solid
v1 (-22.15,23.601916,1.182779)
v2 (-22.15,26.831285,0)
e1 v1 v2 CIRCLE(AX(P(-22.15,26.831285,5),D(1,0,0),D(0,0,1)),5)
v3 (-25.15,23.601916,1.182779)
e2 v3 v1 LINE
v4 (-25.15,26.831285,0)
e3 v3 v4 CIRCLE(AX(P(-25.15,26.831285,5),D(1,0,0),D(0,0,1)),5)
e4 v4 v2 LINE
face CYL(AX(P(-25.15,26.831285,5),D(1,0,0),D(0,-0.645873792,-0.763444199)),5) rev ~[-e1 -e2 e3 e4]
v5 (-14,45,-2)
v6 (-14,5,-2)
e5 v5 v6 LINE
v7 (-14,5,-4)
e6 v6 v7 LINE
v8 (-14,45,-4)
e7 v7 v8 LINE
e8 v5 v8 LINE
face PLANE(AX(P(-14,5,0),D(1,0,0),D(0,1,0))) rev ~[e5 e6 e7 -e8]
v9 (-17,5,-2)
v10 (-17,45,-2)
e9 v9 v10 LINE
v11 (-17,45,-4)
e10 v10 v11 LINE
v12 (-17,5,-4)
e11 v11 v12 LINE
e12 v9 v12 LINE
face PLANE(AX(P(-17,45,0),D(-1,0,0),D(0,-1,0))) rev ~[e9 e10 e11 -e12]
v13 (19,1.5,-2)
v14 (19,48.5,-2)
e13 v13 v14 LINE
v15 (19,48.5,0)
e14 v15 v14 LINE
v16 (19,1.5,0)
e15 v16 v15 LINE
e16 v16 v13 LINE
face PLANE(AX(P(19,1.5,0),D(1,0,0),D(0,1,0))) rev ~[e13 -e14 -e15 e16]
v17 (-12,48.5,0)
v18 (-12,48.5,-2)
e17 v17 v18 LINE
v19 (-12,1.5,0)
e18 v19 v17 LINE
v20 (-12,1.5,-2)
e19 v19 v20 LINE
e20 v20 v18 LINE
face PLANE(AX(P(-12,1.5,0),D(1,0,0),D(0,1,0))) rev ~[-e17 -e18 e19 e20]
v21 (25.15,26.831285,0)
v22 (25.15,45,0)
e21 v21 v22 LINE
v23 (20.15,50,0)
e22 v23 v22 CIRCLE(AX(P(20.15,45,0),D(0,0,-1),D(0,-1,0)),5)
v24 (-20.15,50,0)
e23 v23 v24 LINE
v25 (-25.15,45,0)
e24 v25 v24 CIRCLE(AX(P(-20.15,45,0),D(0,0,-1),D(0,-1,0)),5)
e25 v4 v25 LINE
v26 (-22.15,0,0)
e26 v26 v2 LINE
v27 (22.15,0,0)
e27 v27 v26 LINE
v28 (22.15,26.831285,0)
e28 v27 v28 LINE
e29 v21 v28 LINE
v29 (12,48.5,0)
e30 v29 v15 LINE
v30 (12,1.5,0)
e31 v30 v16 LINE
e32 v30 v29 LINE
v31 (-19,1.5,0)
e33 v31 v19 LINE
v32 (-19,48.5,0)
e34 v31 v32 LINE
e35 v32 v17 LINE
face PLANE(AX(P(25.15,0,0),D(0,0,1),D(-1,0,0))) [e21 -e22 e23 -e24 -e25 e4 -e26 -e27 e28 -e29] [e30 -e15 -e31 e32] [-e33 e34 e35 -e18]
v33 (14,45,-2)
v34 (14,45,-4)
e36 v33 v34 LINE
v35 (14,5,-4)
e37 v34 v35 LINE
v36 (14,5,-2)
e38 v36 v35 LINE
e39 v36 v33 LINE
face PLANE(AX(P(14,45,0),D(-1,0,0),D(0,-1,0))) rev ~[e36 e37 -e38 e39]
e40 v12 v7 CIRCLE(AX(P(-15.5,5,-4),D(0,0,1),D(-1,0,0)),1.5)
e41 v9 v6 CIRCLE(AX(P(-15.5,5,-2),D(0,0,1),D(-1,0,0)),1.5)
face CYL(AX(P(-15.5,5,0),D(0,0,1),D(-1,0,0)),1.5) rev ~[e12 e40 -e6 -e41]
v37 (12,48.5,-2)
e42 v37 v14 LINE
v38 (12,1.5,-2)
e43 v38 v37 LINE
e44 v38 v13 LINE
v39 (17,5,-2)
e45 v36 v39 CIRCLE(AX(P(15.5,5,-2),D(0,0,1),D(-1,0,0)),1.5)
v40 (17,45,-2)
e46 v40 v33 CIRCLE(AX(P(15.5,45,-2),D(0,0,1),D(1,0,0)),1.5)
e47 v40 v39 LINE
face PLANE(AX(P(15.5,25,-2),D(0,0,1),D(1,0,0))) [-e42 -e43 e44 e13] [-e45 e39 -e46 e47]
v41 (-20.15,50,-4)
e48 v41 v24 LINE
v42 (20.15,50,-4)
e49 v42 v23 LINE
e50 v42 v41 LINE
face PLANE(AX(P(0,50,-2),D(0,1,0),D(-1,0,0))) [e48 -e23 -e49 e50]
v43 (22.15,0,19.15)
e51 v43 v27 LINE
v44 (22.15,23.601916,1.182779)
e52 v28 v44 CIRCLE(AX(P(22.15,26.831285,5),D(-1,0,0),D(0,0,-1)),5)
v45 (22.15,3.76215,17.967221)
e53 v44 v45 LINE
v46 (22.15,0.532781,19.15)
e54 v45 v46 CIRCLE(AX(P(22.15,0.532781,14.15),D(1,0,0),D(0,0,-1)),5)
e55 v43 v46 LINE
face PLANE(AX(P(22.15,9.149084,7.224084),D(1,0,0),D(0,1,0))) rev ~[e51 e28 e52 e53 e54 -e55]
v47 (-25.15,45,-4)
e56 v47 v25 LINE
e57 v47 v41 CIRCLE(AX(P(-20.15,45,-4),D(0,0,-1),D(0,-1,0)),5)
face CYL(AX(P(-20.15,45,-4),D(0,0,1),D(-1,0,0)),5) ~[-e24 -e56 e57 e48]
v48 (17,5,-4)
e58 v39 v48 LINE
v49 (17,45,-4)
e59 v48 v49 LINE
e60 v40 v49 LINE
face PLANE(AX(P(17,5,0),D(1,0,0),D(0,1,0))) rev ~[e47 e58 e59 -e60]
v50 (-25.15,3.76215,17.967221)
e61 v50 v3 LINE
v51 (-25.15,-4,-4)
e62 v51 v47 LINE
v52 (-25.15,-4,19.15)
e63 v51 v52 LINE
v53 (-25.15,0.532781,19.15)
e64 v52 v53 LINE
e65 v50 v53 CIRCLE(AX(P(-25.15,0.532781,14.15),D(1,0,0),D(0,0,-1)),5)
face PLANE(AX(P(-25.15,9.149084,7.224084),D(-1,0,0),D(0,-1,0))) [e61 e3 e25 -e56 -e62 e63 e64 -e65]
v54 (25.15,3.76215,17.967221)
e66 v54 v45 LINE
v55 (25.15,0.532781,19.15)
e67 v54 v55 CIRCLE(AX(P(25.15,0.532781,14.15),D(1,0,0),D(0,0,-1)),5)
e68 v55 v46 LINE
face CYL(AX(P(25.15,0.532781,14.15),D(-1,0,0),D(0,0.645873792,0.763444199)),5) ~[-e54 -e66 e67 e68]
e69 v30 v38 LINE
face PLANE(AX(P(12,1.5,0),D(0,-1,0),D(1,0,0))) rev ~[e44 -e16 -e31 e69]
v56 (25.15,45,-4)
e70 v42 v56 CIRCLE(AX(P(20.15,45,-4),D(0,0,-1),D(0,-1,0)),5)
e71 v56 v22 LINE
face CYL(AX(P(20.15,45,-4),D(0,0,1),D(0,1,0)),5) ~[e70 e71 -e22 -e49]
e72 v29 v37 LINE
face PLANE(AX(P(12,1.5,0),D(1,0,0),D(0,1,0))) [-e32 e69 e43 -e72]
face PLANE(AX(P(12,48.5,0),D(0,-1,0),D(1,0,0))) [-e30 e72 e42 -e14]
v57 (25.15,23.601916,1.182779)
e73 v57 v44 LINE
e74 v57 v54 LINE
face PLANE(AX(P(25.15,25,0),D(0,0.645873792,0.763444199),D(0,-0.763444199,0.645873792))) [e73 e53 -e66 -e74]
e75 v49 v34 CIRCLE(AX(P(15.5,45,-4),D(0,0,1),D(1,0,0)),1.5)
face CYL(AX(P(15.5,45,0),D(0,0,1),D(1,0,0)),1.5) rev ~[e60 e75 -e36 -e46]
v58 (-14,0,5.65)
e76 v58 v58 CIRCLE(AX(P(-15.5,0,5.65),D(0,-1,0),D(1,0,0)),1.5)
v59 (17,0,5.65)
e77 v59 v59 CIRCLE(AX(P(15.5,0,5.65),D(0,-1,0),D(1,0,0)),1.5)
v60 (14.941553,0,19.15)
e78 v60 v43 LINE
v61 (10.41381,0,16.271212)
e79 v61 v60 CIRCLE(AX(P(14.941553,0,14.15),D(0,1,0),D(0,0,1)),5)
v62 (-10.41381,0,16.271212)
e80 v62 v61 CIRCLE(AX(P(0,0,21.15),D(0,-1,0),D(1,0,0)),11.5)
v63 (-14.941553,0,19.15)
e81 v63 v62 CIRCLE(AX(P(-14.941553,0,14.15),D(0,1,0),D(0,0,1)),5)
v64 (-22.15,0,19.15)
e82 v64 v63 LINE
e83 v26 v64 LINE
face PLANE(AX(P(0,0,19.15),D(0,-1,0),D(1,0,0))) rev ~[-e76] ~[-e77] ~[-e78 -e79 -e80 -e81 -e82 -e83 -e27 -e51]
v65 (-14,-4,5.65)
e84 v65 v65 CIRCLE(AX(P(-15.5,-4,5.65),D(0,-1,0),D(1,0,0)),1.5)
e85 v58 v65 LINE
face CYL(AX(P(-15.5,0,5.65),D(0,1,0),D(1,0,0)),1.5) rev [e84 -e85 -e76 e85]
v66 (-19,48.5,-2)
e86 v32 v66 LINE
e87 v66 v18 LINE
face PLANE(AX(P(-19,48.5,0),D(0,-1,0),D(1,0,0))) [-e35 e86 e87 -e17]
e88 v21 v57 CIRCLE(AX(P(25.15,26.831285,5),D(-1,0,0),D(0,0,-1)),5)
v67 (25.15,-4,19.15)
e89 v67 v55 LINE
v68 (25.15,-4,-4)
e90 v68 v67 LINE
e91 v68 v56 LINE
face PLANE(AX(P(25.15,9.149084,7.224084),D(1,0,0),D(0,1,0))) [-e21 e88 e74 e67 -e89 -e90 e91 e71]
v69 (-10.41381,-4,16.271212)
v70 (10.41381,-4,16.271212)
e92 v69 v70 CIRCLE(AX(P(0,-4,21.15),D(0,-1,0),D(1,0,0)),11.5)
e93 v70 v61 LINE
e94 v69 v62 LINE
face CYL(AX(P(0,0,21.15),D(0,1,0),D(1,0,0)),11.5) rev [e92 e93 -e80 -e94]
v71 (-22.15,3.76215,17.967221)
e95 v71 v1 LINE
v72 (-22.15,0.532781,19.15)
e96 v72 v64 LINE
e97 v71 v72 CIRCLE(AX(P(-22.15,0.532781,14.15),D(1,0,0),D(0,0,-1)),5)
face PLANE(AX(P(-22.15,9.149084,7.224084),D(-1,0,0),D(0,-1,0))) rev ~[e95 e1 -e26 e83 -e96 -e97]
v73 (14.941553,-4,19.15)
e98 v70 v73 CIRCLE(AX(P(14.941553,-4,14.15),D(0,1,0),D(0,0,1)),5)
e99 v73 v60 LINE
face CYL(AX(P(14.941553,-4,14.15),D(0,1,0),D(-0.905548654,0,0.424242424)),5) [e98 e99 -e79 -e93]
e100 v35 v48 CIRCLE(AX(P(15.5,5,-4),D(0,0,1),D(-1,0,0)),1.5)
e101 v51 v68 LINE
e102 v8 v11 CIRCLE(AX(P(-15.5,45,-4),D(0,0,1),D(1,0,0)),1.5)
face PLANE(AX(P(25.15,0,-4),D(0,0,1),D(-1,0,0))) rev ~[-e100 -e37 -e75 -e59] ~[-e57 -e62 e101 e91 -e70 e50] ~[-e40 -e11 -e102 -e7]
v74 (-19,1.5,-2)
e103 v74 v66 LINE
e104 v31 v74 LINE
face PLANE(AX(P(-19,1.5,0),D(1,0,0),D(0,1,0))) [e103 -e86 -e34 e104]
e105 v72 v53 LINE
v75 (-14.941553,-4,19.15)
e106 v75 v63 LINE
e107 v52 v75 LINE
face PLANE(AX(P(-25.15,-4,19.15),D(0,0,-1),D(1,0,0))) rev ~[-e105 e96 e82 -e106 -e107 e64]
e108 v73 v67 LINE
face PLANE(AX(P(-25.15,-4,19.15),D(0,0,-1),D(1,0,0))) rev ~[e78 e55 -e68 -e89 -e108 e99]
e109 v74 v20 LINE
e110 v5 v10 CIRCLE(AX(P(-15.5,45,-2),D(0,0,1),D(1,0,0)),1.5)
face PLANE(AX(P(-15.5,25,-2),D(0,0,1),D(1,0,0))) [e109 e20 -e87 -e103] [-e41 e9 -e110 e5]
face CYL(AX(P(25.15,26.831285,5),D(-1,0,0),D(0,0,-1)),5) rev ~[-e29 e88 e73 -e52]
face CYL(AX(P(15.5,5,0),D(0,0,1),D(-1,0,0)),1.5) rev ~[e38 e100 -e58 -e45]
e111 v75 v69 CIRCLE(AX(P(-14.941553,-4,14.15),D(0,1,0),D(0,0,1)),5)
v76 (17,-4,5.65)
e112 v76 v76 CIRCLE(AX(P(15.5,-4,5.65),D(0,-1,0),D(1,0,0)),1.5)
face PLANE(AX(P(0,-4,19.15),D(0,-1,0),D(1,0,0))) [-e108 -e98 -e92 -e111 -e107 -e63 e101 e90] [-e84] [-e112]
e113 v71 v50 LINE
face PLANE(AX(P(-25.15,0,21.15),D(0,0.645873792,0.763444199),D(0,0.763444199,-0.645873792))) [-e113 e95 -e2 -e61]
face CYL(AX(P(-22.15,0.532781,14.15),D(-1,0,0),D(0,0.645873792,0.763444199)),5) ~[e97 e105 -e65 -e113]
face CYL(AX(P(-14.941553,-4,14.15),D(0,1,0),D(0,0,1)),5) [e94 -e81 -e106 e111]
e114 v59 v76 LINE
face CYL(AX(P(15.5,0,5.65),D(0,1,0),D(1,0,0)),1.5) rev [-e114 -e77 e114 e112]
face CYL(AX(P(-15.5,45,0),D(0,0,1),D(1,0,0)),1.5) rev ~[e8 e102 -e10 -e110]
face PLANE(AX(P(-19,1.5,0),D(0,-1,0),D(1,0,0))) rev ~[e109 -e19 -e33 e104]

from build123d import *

# Parameters (mm, degrees)
F0_W      = 50.3
F0_H      = 46.3
F0_R      = 1.5
F0_R_2    = 11.5
F1_DEPTH  = 4
F2_W      = 50.3
F2_H      = 4
F3_DEPTH  = 50
F5_DEPTH  = 3
F7_DEPTH  = 3
F9_DEPTH  = 4.001
F10_W     = 7
F10_H     = 47
F11_DEPTH = 2
F12_W     = 50.3
F12_H     = 23.15
F13_DEPTH = 54.001
F14_R     = 5


with BuildPart() as f1:
    # F0 (on Front) → F1 (new body)
    with BuildSketch(Plane.XZ):
        with Locations((0, 19.15)):
            Rectangle(F0_W, F0_H)
        with Locations((-15.5, 5.65)):
            Circle(F0_R, mode=Mode.SUBTRACT)
        with Locations((15.5, 5.65)):
            Circle(F0_R, mode=Mode.SUBTRACT)
        with Locations((-15.5, 36.65)):
            Circle(F0_R, mode=Mode.SUBTRACT)
        with Locations((0, 21.15)):
            Circle(F0_R_2, mode=Mode.SUBTRACT)
        with Locations((15.5, 36.65)):
            Circle(F0_R, mode=Mode.SUBTRACT)
    extrude(amount=F1_DEPTH)

    # F2 (on face) → F3 (join)
    with BuildSketch(Plane(origin=(0, 0, 0), x_dir=(-1, 0, 0), z_dir=(0, 1, 0))):
        with Locations((0, -2)):
            Rectangle(F2_W, F2_H)
    extrude(amount=F3_DEPTH)

    # F4 (on face) → F5 (join)
    with BuildSketch(Plane.YZ.offset(25.15)):
        Polygon((25, 0), (0, 21.15), (0, 0), align=None)
    extrude(amount=-F5_DEPTH)

    # F6 (on face) → F7 (join)
    with BuildSketch(Plane(origin=(-25.15, 0, 0), x_dir=(0, -1, 0), z_dir=(-1, 0, 0))):
        Polygon((0, 0), (0, 21.15), (-25, 0), align=None)
    extrude(amount=-F7_DEPTH)

    # F8 (on face) → F9 (cut, through all)
    with BuildSketch(Plane.XY):
        with BuildLine():
            Line((-14, 5), (-14, 45))
            ThreePointArc((-14, 45), (-15.5, 46.5), (-17, 45))
            Line((-17, 45), (-17, 5))
            ThreePointArc((-17, 5), (-15.5, 3.5), (-14, 5))
        make_face()
        with BuildLine():
            ThreePointArc((17, 45), (15.5, 46.5), (14, 45))
            Line((14, 45), (14, 5))
            ThreePointArc((14, 5), (15.5, 3.5), (17, 5))
            Line((17, 5), (17, 45))
        make_face()
    extrude(amount=-F9_DEPTH, mode=Mode.SUBTRACT)

    # F10 (on face) → F11 (cut)
    with BuildSketch(Plane.XY):
        with Locations((-15.5, 25)):
            Rectangle(F10_W, F10_H)
        with Locations((15.5, 25)):
            Rectangle(F10_W, F10_H)
    extrude(amount=-F11_DEPTH, mode=Mode.SUBTRACT)

    # F12 (on face) → F13 (cut, through all)
    with BuildSketch(Plane.XZ.offset(4)):
        with Locations((0, 30.725)):
            Rectangle(F12_W, F12_H)
    extrude(amount=-F13_DEPTH, mode=Mode.SUBTRACT)

    # F14
    f14_edges = [f1.edges().sort_by_distance(p)[0] for p in [
        (23.65, 2.364066, 19.15),
        (-23.65, 2.364066, 19.15),
        (11.324752, -2, 19.15),
        (-11.324752, -2, 19.15),
        (23.65, 25, 0),
        (-23.65, 25, 0),
        (25.15, 50, -2),
        (-25.15, 50, -2),
    ]]
    fillet(f14_edges, radius=F14_R)


solid = f1.part
